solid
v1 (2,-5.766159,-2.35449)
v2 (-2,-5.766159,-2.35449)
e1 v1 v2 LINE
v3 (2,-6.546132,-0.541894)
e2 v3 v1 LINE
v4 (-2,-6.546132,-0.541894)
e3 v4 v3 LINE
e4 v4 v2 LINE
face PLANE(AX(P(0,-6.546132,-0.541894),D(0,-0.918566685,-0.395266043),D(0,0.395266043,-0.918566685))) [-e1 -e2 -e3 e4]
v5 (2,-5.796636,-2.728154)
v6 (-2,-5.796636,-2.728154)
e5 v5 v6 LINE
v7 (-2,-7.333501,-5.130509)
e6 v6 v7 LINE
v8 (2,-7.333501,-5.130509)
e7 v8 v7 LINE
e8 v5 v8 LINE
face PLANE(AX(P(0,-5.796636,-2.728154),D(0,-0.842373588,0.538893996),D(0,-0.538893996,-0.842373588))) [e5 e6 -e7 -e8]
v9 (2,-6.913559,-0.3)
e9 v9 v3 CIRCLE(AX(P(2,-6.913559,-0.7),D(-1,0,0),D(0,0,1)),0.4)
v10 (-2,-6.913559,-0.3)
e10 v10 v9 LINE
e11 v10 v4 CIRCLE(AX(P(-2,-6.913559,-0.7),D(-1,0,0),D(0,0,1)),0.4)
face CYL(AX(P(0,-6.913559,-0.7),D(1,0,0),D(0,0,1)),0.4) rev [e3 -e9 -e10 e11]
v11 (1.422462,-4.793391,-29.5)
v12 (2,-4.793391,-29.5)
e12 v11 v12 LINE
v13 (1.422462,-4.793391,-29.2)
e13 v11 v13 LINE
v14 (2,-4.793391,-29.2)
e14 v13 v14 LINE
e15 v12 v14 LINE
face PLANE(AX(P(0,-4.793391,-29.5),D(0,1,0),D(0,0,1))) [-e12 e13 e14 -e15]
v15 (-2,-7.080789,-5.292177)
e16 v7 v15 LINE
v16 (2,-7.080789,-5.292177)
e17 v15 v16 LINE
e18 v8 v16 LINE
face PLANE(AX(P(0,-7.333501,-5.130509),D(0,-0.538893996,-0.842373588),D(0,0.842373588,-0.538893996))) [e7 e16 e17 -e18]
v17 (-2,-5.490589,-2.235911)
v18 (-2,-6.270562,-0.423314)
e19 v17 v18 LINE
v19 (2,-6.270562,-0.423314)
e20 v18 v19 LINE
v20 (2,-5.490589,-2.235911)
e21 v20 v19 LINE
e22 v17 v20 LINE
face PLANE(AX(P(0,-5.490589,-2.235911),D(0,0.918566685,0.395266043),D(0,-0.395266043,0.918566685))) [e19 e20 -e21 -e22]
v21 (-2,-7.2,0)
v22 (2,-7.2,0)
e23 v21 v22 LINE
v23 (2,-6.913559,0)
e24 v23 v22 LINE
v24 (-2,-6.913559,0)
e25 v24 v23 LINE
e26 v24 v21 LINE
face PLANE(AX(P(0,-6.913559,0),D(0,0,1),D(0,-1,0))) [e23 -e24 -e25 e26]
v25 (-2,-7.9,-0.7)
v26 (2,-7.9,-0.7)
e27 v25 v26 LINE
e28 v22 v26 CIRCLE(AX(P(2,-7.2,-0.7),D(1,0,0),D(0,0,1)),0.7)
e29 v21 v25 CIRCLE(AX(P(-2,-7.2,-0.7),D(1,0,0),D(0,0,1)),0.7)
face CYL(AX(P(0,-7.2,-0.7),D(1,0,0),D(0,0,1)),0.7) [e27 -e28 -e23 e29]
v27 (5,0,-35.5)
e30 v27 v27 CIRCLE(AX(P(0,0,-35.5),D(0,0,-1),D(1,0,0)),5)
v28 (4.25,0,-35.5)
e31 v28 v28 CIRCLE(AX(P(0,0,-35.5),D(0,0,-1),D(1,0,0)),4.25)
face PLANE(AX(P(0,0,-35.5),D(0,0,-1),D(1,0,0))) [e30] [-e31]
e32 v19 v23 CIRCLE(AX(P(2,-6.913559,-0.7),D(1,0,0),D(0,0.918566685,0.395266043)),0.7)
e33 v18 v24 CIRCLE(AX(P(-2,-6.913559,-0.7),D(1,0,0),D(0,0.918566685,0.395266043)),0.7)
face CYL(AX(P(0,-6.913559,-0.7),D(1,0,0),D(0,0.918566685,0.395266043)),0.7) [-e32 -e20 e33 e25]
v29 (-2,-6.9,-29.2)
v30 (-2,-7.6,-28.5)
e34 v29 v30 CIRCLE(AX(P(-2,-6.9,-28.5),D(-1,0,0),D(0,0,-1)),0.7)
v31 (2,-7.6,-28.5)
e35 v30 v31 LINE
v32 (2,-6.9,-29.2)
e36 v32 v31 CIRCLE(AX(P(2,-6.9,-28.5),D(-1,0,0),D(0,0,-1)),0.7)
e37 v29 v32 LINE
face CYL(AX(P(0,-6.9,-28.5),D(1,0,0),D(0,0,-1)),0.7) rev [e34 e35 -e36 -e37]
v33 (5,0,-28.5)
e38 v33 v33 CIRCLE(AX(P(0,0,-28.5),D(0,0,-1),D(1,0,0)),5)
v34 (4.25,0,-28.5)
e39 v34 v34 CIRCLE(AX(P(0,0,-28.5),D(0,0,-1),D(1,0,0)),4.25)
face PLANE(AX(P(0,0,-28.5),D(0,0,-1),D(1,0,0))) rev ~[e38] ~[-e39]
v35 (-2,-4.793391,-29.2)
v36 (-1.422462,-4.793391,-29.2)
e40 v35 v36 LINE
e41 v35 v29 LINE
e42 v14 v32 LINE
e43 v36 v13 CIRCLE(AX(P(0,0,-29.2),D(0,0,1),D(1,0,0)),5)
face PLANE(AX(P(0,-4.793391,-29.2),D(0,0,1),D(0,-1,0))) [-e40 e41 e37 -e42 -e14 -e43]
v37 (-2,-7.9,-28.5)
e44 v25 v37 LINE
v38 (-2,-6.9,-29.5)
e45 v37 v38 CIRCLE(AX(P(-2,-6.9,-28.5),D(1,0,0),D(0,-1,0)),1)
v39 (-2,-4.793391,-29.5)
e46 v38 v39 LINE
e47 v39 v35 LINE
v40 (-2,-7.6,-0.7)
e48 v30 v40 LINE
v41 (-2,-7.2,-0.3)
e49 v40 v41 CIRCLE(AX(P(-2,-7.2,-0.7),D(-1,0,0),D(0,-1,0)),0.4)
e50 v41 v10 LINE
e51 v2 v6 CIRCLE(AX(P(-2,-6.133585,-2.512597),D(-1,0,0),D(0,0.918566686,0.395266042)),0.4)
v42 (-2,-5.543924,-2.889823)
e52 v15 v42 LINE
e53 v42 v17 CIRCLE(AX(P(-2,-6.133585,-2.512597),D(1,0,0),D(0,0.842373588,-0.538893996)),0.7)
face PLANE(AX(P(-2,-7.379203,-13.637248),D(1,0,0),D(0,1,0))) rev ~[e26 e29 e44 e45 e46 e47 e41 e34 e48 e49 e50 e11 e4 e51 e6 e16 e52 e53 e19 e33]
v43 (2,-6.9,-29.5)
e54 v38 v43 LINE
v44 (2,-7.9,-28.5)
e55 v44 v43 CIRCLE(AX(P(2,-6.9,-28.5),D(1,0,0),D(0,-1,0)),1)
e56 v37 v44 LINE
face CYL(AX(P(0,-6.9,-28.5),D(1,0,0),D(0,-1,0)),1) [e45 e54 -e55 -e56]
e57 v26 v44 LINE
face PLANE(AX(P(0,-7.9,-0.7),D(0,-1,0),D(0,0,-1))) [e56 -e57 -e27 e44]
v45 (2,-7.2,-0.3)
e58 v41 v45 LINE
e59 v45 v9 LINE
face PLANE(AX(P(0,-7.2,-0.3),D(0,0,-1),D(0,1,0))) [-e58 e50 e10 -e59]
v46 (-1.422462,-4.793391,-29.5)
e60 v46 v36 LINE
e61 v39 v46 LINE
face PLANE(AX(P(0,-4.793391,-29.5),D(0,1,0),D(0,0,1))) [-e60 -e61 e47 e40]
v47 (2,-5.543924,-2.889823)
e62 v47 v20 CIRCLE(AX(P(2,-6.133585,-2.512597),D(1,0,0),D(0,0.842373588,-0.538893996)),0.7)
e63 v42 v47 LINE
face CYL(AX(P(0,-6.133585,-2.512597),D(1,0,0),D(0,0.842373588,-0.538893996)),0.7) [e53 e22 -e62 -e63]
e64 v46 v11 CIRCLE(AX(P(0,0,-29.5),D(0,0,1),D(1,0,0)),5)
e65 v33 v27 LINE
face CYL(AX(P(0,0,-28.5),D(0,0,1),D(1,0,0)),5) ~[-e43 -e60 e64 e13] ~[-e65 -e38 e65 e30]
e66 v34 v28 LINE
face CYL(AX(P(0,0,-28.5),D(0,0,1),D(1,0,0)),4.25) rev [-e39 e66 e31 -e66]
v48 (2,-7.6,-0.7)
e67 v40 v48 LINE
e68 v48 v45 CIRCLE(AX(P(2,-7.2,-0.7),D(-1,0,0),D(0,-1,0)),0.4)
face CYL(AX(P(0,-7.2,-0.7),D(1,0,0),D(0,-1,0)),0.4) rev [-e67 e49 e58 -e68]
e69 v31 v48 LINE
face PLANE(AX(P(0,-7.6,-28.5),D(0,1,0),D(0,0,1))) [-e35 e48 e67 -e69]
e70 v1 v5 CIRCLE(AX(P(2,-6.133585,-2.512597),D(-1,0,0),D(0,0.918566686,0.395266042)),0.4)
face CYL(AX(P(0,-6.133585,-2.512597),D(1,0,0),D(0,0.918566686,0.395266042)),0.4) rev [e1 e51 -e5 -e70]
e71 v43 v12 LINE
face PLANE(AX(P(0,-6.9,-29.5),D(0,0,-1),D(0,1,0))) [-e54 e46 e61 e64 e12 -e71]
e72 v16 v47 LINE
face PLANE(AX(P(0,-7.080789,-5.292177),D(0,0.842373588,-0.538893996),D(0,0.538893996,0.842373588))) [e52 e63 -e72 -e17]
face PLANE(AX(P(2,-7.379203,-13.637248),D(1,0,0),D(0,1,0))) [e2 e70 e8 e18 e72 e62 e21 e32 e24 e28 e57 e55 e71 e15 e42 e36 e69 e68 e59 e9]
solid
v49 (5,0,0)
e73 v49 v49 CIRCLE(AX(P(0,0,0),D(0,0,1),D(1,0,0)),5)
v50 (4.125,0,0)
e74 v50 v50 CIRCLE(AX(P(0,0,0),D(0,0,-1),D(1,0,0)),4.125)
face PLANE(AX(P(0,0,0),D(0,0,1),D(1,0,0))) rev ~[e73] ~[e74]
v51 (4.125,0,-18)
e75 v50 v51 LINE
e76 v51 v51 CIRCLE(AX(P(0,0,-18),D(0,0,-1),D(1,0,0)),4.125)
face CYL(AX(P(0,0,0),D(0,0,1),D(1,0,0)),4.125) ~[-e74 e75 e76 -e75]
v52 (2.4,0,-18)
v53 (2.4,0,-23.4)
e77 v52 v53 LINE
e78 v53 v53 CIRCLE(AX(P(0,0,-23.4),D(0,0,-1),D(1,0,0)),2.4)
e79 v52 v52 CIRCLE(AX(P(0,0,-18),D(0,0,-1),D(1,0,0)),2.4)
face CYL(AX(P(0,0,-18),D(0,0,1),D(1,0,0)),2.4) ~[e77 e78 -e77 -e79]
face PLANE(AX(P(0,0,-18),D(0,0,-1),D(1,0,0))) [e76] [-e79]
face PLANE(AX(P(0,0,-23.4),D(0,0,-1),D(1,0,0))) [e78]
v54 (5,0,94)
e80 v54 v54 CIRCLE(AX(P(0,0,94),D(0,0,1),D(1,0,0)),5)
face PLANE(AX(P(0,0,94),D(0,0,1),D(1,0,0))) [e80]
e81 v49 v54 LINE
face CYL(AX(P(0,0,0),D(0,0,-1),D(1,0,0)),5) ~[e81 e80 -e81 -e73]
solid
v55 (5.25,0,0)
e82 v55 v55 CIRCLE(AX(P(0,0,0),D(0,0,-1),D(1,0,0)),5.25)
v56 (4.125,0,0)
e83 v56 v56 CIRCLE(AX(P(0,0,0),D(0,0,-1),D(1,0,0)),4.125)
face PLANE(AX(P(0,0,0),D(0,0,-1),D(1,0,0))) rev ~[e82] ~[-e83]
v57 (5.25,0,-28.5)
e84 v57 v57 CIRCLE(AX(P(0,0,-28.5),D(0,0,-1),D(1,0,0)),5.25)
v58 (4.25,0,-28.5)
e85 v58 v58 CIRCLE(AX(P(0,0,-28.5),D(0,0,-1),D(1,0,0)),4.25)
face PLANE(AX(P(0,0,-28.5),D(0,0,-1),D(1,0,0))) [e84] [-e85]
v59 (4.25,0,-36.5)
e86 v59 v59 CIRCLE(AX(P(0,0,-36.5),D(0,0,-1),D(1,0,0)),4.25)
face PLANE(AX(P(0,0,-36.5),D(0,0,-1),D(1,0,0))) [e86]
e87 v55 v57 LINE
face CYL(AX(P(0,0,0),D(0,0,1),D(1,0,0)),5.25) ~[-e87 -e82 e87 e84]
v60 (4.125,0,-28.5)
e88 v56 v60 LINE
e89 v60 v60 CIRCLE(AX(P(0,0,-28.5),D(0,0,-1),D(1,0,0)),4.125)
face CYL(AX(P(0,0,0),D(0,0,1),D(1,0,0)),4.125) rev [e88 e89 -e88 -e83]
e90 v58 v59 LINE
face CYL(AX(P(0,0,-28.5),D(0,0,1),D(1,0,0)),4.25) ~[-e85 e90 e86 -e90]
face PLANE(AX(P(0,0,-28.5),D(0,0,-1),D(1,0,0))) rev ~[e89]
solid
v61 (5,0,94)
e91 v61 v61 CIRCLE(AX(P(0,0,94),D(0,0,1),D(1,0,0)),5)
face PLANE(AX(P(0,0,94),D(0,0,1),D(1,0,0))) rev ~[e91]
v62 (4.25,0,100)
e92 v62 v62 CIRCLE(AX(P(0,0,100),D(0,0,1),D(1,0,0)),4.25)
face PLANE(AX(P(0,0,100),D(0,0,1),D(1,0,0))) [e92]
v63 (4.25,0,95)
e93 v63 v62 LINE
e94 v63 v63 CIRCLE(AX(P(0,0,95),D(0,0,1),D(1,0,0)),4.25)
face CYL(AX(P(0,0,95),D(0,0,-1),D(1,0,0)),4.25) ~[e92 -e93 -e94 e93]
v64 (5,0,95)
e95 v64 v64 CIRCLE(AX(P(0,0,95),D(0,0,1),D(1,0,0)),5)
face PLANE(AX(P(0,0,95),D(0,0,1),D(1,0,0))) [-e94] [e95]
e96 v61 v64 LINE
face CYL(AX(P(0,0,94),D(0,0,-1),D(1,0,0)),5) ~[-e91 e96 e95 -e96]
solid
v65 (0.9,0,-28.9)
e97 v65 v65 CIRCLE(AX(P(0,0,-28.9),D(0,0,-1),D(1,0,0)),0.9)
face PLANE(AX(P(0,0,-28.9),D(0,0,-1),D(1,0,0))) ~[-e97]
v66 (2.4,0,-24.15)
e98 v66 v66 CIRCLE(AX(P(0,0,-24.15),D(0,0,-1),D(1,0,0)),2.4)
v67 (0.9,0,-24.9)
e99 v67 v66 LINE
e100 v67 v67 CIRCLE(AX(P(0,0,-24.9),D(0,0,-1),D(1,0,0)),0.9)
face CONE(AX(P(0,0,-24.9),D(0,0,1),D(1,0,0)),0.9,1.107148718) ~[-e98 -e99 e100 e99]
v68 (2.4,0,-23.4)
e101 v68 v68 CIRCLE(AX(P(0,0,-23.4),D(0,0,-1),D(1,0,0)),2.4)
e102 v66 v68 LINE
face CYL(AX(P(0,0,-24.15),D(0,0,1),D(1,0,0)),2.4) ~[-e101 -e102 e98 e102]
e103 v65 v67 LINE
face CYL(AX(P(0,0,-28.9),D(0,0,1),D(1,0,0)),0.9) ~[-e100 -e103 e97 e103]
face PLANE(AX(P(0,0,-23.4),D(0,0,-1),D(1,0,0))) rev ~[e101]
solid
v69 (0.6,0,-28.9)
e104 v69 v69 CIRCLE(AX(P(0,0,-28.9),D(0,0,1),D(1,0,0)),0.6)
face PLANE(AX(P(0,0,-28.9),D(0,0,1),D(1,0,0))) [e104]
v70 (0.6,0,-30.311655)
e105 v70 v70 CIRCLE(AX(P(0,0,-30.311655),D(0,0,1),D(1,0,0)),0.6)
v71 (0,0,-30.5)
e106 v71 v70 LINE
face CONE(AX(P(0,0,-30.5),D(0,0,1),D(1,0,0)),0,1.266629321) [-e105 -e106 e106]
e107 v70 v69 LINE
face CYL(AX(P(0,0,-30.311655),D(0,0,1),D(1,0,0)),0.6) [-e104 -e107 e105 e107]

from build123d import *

# Parameters (mm, degrees)
F0_R      = 5
F1_DEPTH  = 94
F2_R      = 5
F3_DEPTH  = 1
F4_R      = 4.125
F5_DEPTH  = 18
F6_R      = 2.4
F7_DEPTH  = 5.4
F10_R     = 4.25
F11_DEPTH = 5
F14_R     = 5.25
F14_R_2   = 4.125
F15_DEPTH = 28.5
F16_R     = 4.25
F17_DEPTH = 8
F18_R     = 5
F18_R_2   = 4.25
F19_DEPTH = 7
F21_DEPTH = 2


with BuildPart() as f1:
    # F0 (on Top) → F1 (new body)
    with BuildSketch(Plane.XY):
        Circle(F0_R)
    extrude(amount=F1_DEPTH)

    # F4 (on face) → F5 (join)
    with BuildSketch(Plane(origin=(0, 0, 0), x_dir=(1, 0, 0), z_dir=(0, 0, -1))):
        Circle(F4_R)
    extrude(amount=F5_DEPTH)

    # F6 (on face) → F7 (join)
    with BuildSketch(Plane(origin=(0, 0, -18), x_dir=(1, 0, 0), z_dir=(0, 0, -1))):
        Circle(F6_R)
    extrude(amount=F7_DEPTH)


with BuildPart() as f3:
    # F2 (on face) → F3 (new body)
    with BuildSketch(Plane.XY.offset(94)):
        Circle(F2_R)
    extrude(amount=F3_DEPTH)

    # F10 (on face) → F11 (join)
    with BuildSketch(Plane.XY.offset(95)):
        Circle(F10_R)
    extrude(amount=F11_DEPTH)


with BuildPart() as f9:
    # F8 (on Front) → F9 (revolve)
    with BuildSketch(Plane.XZ):
        Polygon((2.4, -24.15), (2.4, -23.4), (0, -23.4), (0, -28.9), (0.9, -28.9), (0.9, -24.9), align=None)
    revolve(axis=Axis((0, 0, -26.15), (0, 0, -1)))


with BuildPart() as f13:
    # F12 (on Front) → F13 (revolve)
    with BuildSketch(Plane.XZ):
        Polygon((0.6, -28.9), (0, -28.9), (0, -30.5), (0.6, -30.3116552532), align=None)
    revolve(axis=Axis((0, 0, -29.7), (0, 0, 1)))


with BuildPart() as f15:
    # F14 (on face) → F15 (new body)
    with BuildSketch(Plane(origin=(0, 0, 0), x_dir=(1, 0, 0), z_dir=(0, 0, -1))):
        Circle(F14_R)
        Circle(F14_R_2, mode=Mode.SUBTRACT)
    extrude(amount=F15_DEPTH)

    # F16 (on face) → F17 (join)
    with BuildSketch(Plane(origin=(0, 0, -28.5), x_dir=(1, 0, 0), z_dir=(0, 0, -1))):
        Circle(F16_R)
    extrude(amount=F17_DEPTH)


with BuildPart() as f19:
    # F18 (on face) → F19 (new body)
    with BuildSketch(Plane(origin=(0, 0, -28.5), x_dir=(1, 0, 0), z_dir=(0, 0, -1))):
        Circle(F18_R)
        Circle(F18_R_2, mode=Mode.SUBTRACT)
    extrude(amount=F19_DEPTH)

    # F20 (on Right) → F21 (join, symmetric)
    with BuildSketch(Plane.YZ):
        with BuildLine():
            Line((-7.3335008867, -5.1305089463), (-7.0807887241, -5.2921772003))
            Line((-7.0807887241, -5.2921772003), (-5.5439237256, -2.8898225776))
            ThreePointArc((-5.5439237256, -2.8898225776), (-5.4359020791, -2.5695020632), (-5.4905885572, -2.2359105506))
            Line((-5.4905885572, -2.2359105506), (-6.2705623658, -0.4233137702))
            ThreePointArc((-6.2705623658, -0.4233137702), (-6.5286437049, -0.1153289981), (-6.9135590456, 0))
            Line((-6.9135590456, 0), (-7.2, 0))
            ThreePointArc((-7.2, 0), (-7.6949747468, -0.2050252532), (-7.9, -0.7))
            Line((-7.9, -0.7), (-7.9, -28.5))
            ThreePointArc((-7.9, -28.5), (-7.6071067812, -29.2071067812), (-6.9, -29.5))
            Line((-6.9, -29.5), (-4.7933913732, -29.5))
            Line((-4.7933913732, -29.5), (-4.7933913732, -29.1999998975))
            Line((-4.7933913732, -29.1999998975), (-6.9, -29.1999998975))
            ThreePointArc((-6.9, -29.1999998975), (-7.3949746744, -28.9949746744), (-7.5999998975, -28.5))
            Line((-7.5999998975, -28.5), (-7.5999998975, -0.7))
            ThreePointArc((-7.5999998975, -0.7), (-7.48284264, -0.41715736), (-7.2, -0.3000001025))
            Line((-7.2, -0.3000001025), (-6.9135590456, -0.3000001025))
            ThreePointArc((-6.9135590456, -0.3000001025), (-6.6936074787, -0.3659023702), (-6.5461324656, -0.5418936235))
            Line((-6.5461324656, -0.5418936235), (-5.7661586569, -2.3544904039))
            ThreePointArc((-5.7661586569, -2.3544904039), (-5.7349092489, -2.5451140765), (-5.7966358882, -2.7281543236))
            Line((-5.7966358882, -2.7281543236), (-7.3335008867, -5.1305089463))
        make_face()
    extrude(amount=F21_DEPTH, both=True)


solid = Compound([f1.part, f3.part, f9.part, f13.part, f15.part, f19.part])
